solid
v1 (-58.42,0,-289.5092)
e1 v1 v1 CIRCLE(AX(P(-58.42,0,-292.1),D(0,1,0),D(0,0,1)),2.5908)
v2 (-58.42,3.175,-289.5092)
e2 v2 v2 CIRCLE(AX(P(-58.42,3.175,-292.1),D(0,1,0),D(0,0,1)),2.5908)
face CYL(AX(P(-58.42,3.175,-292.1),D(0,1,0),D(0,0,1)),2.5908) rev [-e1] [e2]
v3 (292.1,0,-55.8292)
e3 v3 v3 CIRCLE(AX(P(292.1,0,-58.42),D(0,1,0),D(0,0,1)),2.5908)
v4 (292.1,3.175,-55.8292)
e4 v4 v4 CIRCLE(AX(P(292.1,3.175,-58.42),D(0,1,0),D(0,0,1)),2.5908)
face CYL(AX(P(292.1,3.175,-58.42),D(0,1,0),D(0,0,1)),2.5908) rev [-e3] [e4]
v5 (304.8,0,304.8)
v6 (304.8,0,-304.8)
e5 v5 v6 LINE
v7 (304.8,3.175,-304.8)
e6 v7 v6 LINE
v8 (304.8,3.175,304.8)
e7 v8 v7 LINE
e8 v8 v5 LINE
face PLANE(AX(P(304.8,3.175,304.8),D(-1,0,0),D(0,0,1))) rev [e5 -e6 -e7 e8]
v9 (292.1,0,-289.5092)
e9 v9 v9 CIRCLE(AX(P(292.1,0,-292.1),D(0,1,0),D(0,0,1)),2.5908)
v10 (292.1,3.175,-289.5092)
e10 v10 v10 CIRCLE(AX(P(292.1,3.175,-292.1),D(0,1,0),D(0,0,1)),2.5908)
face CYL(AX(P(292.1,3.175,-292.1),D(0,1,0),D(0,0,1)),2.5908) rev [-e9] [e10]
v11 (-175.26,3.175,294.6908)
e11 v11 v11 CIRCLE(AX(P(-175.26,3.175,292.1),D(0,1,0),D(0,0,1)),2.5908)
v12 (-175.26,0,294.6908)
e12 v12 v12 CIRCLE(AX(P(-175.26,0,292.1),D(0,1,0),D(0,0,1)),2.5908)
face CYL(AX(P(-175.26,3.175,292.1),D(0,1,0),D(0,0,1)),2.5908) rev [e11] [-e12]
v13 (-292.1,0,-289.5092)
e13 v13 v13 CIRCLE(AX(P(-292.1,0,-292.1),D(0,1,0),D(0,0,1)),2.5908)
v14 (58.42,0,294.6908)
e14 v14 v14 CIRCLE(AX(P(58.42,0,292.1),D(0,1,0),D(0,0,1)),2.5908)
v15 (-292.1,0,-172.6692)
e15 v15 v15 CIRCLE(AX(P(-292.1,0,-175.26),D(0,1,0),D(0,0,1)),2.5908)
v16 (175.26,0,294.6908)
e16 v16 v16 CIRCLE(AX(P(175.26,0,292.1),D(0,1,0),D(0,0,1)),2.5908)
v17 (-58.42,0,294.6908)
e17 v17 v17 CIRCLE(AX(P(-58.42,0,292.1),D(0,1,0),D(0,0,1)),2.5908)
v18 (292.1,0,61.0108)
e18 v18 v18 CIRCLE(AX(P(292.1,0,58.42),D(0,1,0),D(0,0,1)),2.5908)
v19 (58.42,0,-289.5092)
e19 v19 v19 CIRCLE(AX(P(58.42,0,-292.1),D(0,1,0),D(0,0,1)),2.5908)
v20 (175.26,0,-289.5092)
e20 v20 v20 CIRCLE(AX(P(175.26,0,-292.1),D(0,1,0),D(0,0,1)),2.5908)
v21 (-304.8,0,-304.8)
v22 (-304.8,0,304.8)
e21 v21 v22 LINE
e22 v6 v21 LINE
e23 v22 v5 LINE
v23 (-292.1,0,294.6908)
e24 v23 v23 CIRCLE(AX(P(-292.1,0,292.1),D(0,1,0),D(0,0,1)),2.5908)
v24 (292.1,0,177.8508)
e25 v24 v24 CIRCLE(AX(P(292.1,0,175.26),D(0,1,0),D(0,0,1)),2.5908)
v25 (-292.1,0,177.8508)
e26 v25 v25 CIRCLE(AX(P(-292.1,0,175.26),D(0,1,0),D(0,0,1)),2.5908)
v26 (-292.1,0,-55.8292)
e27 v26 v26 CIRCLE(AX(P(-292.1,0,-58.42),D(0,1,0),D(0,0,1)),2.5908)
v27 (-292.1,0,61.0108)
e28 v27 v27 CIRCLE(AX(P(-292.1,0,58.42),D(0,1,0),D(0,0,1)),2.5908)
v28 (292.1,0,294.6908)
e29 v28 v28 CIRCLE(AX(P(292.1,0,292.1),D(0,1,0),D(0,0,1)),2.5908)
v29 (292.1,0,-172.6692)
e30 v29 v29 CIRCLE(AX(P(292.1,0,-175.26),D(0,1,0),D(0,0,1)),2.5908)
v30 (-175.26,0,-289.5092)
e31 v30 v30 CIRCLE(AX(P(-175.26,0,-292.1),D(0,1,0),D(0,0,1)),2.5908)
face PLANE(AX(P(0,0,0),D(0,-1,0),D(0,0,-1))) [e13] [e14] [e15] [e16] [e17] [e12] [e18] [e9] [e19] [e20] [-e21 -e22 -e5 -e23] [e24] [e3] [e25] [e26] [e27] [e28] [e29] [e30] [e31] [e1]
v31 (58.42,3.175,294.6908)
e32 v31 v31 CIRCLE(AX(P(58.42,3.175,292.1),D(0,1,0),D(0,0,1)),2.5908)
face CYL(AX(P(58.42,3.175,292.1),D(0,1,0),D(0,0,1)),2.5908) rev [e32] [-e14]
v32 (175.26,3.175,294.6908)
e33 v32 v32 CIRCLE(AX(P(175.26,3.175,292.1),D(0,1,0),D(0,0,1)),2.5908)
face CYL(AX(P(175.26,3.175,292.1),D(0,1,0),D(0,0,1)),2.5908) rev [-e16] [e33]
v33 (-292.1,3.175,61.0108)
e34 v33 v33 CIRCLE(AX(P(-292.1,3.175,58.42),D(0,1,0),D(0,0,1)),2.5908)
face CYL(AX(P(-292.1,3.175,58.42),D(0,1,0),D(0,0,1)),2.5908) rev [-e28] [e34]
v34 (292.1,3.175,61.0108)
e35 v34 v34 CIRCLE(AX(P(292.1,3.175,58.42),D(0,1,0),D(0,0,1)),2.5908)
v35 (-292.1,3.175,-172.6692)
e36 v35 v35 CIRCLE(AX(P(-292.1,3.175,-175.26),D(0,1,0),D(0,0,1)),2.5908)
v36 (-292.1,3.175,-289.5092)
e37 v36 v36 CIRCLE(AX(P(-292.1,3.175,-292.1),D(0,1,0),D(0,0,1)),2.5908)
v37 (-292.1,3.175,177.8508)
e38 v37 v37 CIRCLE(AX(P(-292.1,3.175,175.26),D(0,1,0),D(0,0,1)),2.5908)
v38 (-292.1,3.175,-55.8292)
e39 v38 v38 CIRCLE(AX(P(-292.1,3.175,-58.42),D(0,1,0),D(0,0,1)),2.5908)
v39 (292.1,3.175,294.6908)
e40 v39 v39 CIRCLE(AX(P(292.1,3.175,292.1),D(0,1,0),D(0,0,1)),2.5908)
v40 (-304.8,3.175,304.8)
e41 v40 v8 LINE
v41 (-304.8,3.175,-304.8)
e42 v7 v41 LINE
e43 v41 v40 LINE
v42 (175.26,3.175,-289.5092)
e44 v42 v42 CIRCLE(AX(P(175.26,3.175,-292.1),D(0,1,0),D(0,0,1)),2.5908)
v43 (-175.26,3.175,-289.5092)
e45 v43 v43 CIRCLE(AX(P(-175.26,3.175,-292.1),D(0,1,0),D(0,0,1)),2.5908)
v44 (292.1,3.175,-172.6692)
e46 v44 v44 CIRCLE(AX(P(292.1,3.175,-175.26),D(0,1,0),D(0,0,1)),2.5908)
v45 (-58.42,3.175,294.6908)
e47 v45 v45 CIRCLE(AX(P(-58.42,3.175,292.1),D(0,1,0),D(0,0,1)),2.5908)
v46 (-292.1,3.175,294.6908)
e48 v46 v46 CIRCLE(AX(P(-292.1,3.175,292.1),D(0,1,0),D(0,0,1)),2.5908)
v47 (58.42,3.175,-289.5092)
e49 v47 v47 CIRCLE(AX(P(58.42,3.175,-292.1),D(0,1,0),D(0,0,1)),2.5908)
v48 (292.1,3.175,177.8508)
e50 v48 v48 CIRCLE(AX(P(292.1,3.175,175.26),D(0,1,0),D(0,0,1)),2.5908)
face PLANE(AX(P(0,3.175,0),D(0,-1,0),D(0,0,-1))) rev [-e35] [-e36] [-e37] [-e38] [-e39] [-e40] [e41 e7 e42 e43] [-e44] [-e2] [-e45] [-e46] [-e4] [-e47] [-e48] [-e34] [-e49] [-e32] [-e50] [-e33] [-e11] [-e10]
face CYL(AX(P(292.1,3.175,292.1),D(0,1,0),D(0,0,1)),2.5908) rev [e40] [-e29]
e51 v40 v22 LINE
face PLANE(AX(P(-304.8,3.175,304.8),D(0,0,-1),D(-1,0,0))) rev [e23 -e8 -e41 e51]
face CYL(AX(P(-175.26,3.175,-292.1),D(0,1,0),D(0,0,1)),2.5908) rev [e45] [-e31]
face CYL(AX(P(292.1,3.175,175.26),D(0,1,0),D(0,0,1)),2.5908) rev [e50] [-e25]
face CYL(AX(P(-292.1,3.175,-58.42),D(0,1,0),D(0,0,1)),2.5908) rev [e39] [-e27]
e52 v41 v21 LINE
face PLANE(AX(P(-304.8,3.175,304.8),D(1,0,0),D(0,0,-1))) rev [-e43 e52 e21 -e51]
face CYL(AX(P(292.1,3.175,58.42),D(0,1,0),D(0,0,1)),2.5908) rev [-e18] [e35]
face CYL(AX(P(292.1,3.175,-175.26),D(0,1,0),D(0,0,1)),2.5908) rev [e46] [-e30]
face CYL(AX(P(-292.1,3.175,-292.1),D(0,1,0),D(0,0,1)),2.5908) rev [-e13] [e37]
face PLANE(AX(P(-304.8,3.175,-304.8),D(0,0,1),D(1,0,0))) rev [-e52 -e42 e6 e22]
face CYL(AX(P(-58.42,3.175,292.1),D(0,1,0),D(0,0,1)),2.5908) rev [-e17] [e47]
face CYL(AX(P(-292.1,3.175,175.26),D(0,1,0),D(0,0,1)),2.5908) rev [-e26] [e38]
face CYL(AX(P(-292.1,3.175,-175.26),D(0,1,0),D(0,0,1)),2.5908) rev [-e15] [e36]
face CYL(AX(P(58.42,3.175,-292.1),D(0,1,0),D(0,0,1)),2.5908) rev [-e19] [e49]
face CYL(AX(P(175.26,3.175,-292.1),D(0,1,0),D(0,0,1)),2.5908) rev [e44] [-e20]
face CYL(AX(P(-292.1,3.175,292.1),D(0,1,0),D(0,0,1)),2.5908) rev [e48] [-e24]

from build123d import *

# Parameters (mm, degrees)
SKETCH1_W                  = 609.6
SKETCH1_H                  = 609.6
BOSS_EXTRUDE1_DEPTH        = 3.175
F_6_0_204_DIAMETER_HOLE1_D = 5.1816


with BuildPart() as part:
    # Sketch1 → Boss-Extrude1 (new body)
    with BuildSketch(Plane(origin=(0, 0, 0), x_dir=(1, 0, 0), z_dir=(0, 1, 0))):
        Rectangle(SKETCH1_W, SKETCH1_H)
    extrude(amount=BOSS_EXTRUDE1_DEPTH)

    # #6 (0.204) Diameter Hole1 (through all)
    with Locations(Plane(origin=(0, 3.175, 0), x_dir=(1, 0, 0), z_dir=(0, 1, 0))):
        with Locations((-292.1, 292.1), (-175.26, 292.1), (-58.42, 292.1), (58.42, 292.1), (175.26, 292.1), (-292.1, 175.26), (-292.1, 58.42), (-292.1, -58.42), (-292.1, -175.26), (175.26, -292.1), (58.42, -292.1), (-58.42, -292.1), (-175.26, -292.1), (-292.1, -292.1), (292.1, -292.1), (292.1, -175.26), (292.1, -58.42), (292.1, 58.42), (292.1, 175.26), (292.1, 292.1)):
            Hole(F_6_0_204_DIAMETER_HOLE1_D / 2)


solid = part.part
